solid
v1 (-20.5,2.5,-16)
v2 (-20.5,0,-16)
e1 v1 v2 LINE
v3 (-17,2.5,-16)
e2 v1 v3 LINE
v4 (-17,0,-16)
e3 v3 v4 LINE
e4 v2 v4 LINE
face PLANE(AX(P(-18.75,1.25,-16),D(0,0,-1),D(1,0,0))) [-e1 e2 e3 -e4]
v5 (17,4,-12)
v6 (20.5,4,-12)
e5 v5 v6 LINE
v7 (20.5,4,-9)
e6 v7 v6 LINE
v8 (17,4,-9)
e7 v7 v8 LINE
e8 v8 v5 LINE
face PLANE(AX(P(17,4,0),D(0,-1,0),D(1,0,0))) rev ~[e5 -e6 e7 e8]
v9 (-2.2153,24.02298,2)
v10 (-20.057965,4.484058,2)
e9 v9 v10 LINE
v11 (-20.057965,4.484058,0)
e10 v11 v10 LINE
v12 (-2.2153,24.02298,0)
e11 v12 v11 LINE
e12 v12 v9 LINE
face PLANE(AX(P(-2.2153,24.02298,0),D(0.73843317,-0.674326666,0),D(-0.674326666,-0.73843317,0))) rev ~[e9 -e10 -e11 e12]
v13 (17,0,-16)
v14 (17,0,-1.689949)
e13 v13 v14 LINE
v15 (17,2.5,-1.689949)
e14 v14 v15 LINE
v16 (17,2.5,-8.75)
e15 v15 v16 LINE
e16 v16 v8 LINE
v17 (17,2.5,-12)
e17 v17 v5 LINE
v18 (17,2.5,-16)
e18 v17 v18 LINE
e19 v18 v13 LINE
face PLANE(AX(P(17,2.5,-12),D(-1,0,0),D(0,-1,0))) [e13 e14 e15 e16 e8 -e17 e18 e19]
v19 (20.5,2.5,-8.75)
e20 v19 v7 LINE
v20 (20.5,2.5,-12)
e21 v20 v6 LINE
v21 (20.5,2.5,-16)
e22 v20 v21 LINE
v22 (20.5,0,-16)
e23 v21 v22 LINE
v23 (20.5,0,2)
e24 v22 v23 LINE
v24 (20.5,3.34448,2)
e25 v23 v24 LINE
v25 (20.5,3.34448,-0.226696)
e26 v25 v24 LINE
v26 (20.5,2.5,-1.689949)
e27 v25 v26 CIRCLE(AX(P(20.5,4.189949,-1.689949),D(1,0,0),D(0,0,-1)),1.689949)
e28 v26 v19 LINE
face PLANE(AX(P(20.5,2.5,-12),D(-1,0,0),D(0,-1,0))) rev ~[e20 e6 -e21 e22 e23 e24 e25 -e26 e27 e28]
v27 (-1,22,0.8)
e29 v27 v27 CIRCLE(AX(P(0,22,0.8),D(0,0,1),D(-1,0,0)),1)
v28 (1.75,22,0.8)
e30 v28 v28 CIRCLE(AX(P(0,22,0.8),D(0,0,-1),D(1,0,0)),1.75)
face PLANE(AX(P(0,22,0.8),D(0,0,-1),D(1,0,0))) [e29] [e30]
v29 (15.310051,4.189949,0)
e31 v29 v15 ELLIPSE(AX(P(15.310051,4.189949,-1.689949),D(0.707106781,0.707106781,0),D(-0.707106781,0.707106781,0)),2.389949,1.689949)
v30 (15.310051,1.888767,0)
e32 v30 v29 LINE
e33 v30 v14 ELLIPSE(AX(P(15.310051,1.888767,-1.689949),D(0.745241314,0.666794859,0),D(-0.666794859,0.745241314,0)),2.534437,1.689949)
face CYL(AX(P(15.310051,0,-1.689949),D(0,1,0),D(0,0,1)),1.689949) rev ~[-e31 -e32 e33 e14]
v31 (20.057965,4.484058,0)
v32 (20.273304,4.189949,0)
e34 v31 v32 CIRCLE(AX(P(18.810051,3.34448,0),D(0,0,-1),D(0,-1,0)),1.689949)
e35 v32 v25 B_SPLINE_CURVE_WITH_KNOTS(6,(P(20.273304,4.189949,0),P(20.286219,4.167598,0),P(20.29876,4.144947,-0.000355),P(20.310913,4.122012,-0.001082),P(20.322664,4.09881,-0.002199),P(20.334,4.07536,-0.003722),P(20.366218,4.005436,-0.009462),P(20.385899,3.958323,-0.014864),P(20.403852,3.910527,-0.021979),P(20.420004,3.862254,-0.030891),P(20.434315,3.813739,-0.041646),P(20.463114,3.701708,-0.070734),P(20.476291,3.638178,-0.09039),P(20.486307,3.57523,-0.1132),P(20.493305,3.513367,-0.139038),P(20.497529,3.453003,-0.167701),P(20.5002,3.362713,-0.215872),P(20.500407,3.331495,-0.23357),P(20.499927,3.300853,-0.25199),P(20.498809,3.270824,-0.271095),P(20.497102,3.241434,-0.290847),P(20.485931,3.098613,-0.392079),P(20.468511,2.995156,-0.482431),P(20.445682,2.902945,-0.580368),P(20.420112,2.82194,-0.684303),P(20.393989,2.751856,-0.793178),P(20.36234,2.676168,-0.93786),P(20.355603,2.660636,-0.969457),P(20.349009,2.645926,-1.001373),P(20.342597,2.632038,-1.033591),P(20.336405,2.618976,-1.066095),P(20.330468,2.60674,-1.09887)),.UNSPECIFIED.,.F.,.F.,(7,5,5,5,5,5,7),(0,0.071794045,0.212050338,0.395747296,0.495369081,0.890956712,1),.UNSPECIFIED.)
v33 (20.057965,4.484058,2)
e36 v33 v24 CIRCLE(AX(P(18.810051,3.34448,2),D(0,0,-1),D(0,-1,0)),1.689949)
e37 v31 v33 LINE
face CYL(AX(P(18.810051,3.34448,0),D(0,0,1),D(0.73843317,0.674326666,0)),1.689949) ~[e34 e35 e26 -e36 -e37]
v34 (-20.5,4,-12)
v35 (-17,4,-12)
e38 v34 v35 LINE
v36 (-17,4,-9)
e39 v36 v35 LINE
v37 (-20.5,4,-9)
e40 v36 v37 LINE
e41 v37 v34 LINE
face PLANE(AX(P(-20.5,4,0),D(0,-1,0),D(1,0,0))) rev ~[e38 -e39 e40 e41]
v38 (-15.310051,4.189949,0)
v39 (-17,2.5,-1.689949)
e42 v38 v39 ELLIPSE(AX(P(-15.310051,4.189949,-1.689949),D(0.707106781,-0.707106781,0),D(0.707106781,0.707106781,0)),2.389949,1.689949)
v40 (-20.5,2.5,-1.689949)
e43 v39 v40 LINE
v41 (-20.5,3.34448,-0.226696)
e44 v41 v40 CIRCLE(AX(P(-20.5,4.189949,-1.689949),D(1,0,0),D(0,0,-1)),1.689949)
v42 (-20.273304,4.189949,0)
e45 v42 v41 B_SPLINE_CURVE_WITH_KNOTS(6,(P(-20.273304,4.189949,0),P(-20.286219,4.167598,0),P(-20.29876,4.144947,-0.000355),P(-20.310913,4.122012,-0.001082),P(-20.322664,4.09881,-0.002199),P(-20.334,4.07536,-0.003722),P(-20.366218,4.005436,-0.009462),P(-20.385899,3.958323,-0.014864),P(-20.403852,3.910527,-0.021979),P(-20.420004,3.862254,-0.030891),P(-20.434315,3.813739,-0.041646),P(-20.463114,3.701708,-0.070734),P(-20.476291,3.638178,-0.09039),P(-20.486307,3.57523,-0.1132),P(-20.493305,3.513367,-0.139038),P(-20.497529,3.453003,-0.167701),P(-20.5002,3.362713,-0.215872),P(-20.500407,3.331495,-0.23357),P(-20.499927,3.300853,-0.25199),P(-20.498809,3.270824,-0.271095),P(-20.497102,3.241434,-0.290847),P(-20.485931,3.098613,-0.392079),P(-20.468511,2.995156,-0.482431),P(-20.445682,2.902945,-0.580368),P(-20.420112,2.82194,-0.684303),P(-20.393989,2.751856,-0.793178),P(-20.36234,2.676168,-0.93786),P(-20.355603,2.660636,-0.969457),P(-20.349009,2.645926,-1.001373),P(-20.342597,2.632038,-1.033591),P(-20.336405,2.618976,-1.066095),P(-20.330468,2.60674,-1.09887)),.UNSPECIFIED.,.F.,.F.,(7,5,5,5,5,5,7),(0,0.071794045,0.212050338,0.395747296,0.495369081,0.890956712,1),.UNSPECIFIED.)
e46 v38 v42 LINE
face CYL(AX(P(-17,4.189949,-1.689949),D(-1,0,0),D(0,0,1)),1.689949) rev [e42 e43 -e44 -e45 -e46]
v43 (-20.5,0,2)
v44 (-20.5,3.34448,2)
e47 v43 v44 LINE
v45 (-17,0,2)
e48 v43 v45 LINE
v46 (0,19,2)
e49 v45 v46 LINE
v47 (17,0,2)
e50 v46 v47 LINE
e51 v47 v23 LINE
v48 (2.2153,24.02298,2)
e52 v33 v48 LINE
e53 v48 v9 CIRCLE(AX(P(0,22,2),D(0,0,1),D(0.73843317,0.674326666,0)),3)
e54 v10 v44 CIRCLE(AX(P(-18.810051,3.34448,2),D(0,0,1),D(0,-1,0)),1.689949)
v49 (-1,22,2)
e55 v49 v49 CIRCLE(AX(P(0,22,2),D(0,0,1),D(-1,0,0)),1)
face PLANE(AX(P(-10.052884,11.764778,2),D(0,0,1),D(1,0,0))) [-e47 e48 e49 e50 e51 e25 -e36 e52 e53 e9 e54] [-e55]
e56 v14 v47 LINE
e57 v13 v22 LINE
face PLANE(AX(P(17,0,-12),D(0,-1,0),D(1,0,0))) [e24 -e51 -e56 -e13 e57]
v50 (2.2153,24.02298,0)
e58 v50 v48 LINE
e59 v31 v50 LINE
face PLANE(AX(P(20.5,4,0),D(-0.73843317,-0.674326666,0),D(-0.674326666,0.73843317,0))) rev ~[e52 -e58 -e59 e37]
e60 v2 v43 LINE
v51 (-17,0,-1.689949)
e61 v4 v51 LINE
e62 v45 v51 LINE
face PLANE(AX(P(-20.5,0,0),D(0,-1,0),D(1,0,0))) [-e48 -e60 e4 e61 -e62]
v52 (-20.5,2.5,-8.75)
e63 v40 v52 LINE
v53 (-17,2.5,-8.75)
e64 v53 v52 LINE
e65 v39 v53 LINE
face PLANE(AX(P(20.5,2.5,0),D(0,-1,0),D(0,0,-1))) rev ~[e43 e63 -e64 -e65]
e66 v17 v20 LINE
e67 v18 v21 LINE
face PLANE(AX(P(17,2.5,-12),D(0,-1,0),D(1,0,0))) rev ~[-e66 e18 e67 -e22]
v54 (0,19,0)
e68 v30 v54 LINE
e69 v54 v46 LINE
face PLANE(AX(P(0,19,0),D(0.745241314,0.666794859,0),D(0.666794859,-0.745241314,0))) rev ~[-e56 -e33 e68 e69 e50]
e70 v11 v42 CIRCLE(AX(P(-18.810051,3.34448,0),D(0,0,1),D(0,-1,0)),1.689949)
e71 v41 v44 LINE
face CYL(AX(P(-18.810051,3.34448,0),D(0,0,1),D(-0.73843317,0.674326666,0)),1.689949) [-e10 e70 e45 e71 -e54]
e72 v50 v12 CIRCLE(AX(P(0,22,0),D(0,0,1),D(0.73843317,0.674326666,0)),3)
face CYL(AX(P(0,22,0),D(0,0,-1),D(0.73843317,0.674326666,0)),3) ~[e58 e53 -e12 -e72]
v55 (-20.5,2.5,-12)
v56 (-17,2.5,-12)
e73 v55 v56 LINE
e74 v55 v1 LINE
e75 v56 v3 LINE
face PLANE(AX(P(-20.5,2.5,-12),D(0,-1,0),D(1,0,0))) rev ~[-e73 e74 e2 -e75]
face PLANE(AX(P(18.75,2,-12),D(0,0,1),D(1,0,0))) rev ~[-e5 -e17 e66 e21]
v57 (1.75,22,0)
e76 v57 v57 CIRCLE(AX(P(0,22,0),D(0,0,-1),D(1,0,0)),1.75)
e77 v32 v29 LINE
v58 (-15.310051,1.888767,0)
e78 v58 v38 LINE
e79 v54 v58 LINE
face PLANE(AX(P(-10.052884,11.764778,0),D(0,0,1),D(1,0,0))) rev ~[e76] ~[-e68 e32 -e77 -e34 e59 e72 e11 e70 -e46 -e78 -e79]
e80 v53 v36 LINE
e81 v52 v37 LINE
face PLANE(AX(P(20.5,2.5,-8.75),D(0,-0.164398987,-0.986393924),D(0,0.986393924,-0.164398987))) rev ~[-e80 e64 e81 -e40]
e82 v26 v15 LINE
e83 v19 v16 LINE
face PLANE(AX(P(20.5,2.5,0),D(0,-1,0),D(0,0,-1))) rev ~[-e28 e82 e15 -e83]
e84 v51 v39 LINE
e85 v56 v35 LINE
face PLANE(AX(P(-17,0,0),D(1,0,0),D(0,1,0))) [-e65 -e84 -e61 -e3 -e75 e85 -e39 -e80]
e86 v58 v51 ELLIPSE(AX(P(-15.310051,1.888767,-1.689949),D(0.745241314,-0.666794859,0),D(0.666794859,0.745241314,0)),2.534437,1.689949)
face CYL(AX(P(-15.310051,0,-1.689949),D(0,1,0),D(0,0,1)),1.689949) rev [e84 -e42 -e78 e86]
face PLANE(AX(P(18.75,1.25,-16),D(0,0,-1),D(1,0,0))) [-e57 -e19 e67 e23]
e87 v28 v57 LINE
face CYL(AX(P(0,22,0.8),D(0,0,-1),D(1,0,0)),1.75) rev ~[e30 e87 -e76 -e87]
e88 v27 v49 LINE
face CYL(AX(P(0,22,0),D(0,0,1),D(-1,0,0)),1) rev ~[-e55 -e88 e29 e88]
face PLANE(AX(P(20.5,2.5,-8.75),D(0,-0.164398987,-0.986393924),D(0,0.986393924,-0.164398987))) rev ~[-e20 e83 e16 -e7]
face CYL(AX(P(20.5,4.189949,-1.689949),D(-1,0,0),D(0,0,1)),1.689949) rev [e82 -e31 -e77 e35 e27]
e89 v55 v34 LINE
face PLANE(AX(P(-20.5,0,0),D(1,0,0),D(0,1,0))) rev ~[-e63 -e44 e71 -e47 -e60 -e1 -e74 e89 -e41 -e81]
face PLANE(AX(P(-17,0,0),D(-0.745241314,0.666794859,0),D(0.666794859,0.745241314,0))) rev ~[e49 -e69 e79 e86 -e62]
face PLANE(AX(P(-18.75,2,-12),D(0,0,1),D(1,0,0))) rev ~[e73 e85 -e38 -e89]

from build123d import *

# Parameters (mm, degrees)
F0_W           = 3.5
F0_H           = 4
F1_DEPTH       = 2
F2_D           = 2
F2_CBORE_D     = 3.5
F2_CBORE_DEPTH = 0.8
F3_DEPTH       = 12
F5_DEPTH       = 41.001
F6_R           = 1.6899494937
F7_W           = 3.5
F7_H           = 2.5
F8_DEPTH       = 4


with BuildPart() as f1:
    # F0 (on Top) → F1 (new body)
    with BuildSketch(Plane.XY):
        with BuildLine():
            Line((-17, 0), (0, 19))
            ThreePointArc((0, 19), (-2.7448989049, 20.7894092344), (-2.2152995112, 24.0229799988))
            Line((-2.2152995112, 24.0229799988), (-20.5, 4))
            Line((-20.5, 4), (-17, 4))
            Line((-17, 4), (-17, 0))
        make_face()
        with BuildLine():
            ThreePointArc((0, 19), (2.1213203436, 19.8786796564), (3, 22))
            ThreePointArc((3, 22), (2.7969535689, 23.0849196898), (2.2152995112, 24.0229799988))
            ThreePointArc((2.2152995112, 24.0229799988), (0, 25), (-2.2152995112, 24.0229799988))
            ThreePointArc((-2.2152995112, 24.0229799988), (-2.7448989049, 20.7894092344), (0, 19))
        make_face()
        with BuildLine():
            ThreePointArc((2.2152995112, 24.0229799988), (2.7969535689, 23.0849196898), (3, 22))
            ThreePointArc((3, 22), (2.1213203436, 19.8786796564), (0, 19))
            Line((0, 19), (17, 0))
            Line((17, 0), (17, 4))
            Line((17, 4), (20.5, 4))
            Line((20.5, 4), (2.2152995112, 24.0229799988))
        make_face()
        with Locations((-18.75, 2)):
            Rectangle(F0_W, F0_H)
        with Locations((18.75, 2)):
            Rectangle(F0_W, F0_H)
    extrude(amount=F1_DEPTH)

    # F2 (through all)
    with Locations(Plane(origin=(0, 0, 0), x_dir=(1, 0, 0), z_dir=(0, 0, -1))):
        with Locations((0, -22)):
            CounterBoreHole(F2_D / 2, F2_CBORE_D / 2, F2_CBORE_DEPTH)

    # F0 (on Top) → F3 (join)
    with BuildSketch(Plane.XY):
        with Locations((18.75, 2)):
            Rectangle(F0_W, F0_H)
        with Locations((-18.75, 2)):
            Rectangle(F0_W, F0_H)
    extrude(amount=-F3_DEPTH)

    # F4 (on face) → F5 (cut, through all)
    with BuildSketch(Plane.YZ.offset(20.5)):
        Polygon((4, -9), (4, 0), (2.5, 0), (2.5, -8.75), align=None)
    extrude(amount=-F5_DEPTH, mode=Mode.SUBTRACT)

    # F6 (call 1 of 4: OpenCascade refuses the feature's edges together)
    f6_edges = [f1.edges().sort_by_distance(p)[0] for p in [
        (20.5, 4, 1),
    ]]
    fillet(f6_edges, radius=F6_R)

    # F6#2 (call 2 of 4)
    f6_2_edges = [f1.edges().sort_by_distance(p)[0] for p in [
        (-20.5, 4, 1),
    ]]
    fillet(f6_2_edges, radius=F6_R)

    # F6#3 (call 3 of 4)
    f6_3_edges = [f1.edges().sort_by_distance(p)[0] for p in [
        (-17, 1.25, 0),
        (-18.75, 2.5, 0),
    ]]
    fillet(f6_3_edges, radius=F6_R)

    # F6#4 (call 4 of 4)
    f6_4_edges = [f1.edges().sort_by_distance(p)[0] for p in [
        (18.75, 2.5, 0),
        (17, 1.25, 0),
    ]]
    fillet(f6_4_edges, radius=F6_R)

    # F7 (on face) → F8 (join)
    with BuildSketch(Plane(origin=(0, 0, -12), x_dir=(1, 0, 0), z_dir=(0, 0, -1))):
        with Locations((18.75, -1.25)):
            Rectangle(F7_W, F7_H)
        with Locations((-18.75, -1.25)):
            Rectangle(F7_W, F7_H)
    extrude(amount=F8_DEPTH)


solid = f1.part
